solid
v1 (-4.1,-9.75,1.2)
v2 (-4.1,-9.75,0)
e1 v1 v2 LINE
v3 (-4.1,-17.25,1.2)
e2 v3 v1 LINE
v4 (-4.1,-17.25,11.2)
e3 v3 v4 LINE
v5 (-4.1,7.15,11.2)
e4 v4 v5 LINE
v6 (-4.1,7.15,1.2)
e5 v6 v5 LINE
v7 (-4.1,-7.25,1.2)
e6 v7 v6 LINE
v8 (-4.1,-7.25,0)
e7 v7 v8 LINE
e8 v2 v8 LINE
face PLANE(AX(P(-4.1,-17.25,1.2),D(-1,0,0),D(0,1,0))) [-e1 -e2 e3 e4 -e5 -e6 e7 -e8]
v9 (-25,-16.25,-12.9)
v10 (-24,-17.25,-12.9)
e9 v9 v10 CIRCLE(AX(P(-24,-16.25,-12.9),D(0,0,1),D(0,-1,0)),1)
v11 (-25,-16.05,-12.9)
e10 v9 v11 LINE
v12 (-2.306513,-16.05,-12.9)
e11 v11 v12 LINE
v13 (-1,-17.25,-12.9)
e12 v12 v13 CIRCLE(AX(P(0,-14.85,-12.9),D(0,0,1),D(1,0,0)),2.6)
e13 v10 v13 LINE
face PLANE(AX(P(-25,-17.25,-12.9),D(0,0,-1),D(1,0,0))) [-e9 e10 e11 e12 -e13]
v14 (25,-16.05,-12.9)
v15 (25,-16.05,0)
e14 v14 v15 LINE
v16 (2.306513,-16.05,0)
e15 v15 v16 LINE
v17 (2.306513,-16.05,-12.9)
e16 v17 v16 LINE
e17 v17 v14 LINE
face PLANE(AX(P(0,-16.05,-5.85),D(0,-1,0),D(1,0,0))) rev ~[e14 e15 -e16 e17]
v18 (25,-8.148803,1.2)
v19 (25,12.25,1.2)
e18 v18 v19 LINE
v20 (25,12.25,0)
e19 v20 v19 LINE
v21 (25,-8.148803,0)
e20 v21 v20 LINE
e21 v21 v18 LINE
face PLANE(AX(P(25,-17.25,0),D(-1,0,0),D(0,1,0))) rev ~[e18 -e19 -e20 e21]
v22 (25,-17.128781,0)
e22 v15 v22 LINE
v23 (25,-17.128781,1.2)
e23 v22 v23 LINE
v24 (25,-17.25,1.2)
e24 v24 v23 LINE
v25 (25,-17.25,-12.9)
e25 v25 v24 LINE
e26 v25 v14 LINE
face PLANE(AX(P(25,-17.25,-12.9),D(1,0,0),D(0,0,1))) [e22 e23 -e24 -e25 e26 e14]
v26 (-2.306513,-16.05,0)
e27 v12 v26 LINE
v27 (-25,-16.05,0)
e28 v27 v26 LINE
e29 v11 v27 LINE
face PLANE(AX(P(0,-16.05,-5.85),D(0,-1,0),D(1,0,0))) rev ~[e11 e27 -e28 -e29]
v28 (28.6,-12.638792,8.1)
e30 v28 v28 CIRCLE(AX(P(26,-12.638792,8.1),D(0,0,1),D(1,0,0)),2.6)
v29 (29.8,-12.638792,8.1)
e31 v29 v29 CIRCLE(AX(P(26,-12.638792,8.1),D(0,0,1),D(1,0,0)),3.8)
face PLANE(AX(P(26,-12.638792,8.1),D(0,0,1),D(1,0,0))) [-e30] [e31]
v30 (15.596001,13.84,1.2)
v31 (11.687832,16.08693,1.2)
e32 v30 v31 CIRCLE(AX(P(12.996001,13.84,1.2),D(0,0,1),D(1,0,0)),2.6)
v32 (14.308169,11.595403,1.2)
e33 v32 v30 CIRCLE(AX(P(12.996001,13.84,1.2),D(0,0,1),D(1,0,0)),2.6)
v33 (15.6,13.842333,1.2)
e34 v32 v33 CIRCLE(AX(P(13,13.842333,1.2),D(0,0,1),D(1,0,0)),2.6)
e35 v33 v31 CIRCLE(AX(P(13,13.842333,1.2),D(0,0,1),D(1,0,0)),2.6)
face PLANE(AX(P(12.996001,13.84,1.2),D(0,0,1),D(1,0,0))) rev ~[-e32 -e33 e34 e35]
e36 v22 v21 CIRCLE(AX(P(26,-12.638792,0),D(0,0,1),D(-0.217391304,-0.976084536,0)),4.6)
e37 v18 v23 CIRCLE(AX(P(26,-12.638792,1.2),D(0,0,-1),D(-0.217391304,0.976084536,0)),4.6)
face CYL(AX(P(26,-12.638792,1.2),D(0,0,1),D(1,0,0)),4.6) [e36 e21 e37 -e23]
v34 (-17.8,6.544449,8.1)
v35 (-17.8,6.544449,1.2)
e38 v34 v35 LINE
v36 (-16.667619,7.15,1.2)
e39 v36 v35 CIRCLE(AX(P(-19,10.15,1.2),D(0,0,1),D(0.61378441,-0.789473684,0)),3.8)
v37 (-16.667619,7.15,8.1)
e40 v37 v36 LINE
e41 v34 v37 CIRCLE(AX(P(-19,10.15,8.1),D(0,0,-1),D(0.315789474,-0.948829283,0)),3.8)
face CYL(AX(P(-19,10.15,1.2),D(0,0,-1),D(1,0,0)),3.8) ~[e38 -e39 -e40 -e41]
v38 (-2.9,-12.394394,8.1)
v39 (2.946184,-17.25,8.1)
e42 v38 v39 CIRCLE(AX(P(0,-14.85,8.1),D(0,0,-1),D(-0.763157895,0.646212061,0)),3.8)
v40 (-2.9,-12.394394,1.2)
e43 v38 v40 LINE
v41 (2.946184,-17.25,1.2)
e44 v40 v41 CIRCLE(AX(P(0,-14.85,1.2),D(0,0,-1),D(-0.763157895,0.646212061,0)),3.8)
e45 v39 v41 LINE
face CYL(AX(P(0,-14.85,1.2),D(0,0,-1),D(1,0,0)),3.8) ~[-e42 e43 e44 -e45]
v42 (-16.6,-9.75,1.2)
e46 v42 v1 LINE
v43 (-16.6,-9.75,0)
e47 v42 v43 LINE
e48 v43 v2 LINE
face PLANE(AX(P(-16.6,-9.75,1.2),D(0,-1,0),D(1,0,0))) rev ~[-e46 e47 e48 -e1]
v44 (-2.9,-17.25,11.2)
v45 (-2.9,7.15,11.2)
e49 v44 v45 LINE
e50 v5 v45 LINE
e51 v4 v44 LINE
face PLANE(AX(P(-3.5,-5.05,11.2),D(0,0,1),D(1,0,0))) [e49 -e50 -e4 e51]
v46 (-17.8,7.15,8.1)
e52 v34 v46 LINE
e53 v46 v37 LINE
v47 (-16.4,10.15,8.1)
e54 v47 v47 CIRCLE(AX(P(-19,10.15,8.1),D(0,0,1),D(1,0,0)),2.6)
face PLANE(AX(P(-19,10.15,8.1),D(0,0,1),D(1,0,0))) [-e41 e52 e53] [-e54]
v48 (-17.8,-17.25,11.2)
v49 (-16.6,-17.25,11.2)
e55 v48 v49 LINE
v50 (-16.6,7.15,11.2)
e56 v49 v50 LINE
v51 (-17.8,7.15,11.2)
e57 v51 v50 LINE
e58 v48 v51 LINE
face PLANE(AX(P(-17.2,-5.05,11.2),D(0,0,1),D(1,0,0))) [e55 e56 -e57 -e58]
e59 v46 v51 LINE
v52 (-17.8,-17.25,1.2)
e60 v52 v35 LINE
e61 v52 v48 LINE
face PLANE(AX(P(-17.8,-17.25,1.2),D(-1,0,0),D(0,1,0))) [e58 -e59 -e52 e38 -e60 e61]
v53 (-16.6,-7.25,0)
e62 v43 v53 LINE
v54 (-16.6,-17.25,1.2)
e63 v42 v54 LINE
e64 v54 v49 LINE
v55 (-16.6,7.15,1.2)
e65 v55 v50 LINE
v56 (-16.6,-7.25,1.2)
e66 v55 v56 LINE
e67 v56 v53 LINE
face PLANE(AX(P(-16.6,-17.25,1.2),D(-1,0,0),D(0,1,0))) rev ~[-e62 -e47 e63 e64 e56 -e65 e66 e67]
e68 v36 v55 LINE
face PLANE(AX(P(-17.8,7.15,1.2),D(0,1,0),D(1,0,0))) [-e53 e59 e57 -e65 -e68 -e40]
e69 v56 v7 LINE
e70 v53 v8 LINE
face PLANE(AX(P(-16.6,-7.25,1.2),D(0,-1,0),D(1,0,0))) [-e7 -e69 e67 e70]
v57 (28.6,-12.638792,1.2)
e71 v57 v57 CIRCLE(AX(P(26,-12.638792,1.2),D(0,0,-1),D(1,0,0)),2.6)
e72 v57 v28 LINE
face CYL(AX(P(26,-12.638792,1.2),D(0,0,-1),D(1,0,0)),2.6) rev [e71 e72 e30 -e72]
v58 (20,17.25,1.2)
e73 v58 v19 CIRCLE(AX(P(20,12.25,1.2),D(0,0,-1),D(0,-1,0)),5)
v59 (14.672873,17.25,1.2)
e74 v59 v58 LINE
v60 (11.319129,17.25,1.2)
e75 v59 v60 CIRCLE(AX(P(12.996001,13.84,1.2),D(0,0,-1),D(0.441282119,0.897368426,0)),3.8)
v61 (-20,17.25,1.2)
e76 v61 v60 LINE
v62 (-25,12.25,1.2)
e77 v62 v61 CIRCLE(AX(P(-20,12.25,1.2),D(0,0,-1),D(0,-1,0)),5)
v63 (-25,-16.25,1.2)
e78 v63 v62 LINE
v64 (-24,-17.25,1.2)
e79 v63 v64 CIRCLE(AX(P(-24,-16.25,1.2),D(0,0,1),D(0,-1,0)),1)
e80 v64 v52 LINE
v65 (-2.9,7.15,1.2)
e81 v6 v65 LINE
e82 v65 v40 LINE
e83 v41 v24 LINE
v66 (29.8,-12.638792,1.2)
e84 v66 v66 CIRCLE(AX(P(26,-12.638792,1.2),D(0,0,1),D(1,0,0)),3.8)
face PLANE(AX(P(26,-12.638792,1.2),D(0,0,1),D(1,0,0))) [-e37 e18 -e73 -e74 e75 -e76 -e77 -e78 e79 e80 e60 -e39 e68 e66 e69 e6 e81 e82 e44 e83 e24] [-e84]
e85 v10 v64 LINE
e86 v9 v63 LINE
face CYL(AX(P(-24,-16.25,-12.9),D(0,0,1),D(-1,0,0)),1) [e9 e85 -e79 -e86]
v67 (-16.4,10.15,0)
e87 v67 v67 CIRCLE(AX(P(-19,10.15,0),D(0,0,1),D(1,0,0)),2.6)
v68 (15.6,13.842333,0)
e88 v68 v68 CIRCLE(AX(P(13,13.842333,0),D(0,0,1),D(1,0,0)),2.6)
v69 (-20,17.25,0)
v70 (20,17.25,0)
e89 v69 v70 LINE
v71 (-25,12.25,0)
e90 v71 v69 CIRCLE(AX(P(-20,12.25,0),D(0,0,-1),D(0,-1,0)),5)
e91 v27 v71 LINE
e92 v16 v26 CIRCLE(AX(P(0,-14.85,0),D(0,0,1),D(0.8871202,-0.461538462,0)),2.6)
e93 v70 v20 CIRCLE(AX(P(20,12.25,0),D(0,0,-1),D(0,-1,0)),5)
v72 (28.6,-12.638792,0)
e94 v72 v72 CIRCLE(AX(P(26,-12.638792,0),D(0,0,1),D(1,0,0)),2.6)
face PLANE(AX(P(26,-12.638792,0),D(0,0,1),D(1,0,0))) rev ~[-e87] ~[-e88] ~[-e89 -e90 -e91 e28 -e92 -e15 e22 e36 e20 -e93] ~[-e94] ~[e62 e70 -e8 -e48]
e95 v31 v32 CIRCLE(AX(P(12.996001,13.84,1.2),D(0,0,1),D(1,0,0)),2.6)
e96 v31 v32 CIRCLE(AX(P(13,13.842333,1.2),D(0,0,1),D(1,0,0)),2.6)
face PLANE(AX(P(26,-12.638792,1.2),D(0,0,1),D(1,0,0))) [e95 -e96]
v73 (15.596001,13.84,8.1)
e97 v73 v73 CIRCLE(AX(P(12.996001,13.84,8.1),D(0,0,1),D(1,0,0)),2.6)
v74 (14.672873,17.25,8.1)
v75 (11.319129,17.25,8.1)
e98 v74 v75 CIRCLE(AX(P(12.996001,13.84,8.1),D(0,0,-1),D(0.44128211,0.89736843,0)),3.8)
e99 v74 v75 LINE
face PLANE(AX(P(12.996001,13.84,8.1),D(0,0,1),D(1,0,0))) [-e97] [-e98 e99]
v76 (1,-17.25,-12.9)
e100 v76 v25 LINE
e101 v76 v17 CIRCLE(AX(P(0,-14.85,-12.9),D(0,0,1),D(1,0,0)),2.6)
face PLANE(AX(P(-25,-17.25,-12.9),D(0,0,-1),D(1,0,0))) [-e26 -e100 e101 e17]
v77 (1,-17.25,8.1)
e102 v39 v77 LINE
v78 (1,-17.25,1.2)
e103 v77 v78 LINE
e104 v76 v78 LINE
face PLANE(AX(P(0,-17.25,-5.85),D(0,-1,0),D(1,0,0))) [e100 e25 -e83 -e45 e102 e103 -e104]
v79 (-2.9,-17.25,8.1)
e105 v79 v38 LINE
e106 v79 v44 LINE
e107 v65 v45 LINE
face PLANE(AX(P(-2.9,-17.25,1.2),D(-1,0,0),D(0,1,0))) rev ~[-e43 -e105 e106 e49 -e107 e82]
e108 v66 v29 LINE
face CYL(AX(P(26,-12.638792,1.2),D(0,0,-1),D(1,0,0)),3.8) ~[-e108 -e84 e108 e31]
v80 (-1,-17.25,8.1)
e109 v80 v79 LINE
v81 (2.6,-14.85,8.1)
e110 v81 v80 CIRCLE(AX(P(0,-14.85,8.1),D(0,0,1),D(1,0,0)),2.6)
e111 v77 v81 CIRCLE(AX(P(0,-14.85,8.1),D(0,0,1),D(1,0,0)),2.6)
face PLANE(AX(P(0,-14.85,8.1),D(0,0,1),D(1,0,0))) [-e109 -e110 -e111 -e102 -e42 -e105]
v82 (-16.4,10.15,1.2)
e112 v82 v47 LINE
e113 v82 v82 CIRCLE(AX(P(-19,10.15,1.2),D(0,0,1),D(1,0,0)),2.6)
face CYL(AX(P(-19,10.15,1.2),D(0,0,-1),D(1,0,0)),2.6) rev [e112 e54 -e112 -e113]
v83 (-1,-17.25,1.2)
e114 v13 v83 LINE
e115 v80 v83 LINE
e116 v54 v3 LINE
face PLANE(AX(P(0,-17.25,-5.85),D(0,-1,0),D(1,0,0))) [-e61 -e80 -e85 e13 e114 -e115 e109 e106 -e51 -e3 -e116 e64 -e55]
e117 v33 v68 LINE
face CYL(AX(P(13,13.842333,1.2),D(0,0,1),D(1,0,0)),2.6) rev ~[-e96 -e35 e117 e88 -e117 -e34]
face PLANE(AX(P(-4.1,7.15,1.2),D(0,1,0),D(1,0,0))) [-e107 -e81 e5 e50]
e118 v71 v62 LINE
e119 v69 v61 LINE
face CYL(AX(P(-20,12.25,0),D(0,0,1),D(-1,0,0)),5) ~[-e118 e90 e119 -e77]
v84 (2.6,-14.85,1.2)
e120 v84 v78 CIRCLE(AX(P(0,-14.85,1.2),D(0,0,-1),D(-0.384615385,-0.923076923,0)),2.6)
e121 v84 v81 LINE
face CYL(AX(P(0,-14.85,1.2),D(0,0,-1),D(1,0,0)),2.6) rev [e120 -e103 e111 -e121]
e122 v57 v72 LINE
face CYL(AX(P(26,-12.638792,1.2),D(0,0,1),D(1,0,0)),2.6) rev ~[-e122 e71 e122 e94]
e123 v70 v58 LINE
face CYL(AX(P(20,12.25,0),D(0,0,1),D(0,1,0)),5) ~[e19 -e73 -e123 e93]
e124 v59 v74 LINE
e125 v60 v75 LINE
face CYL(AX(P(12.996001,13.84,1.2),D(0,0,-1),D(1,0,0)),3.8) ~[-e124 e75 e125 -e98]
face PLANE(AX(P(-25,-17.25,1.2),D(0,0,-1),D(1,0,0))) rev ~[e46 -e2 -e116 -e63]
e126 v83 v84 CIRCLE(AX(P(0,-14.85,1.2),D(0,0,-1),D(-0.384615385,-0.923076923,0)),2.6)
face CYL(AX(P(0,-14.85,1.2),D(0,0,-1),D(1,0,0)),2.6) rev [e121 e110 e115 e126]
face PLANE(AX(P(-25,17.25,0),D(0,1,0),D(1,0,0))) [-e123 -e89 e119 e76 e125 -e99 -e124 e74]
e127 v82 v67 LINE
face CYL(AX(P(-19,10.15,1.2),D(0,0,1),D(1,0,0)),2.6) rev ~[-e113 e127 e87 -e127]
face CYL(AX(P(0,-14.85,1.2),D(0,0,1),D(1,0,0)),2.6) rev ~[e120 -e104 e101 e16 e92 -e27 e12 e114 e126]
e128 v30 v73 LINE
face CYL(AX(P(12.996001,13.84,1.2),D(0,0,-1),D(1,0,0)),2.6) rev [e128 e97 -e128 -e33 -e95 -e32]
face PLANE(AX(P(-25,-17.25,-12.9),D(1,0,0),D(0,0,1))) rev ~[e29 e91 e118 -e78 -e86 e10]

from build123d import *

# Parameters (mm, degrees)
SKETCH_W        = 50
SKETCH_H        = 34.5
PAD_DEPTH       = 1.2
SKETCH001_R     = 2.6
POCKET_DEPTH    = 1.201
SKETCH002_W     = 1.2
SKETCH002_H     = 24.4
PAD001_DEPTH    = 10
SKETCH003_W     = 50
SKETCH003_H     = 14.1
PAD002_DEPTH    = 1.2
SKETCH004_R     = 2.6
SKETCH004_W     = 12.5
SKETCH004_H     = 2.5
POCKET001_DEPTH = 14.101
SKETCH005_R     = 4.6
SKETCH005_R_2   = 2.6
PAD003_DEPTH    = 1.2
FILLET_R        = 1
FILLET001_R     = 5
SKETCH006_R     = 3.8
SKETCH006_R_2   = 2.6
PAD004_DEPTH    = 6.9
SKETCH007_W     = 9
SKETCH007_H     = 2
SKETCH007_W_2   = 3.353744
SKETCH007_H_2   = 0.7
POCKET002_DEPTH = 10


with BuildPart() as part:
    # Sketch → Pad (new body)
    with BuildSketch(Plane.XY):
        Rectangle(SKETCH_W, SKETCH_H)
    extrude(amount=PAD_DEPTH)

    # Sketch001 (on Face6 of Pad) → Pocket (cut, through all)
    with BuildSketch(Plane.XY.offset(1.2)):
        with Locations((0, -14.85)):
            Circle(SKETCH001_R)
        with Locations((-19, 10.15)):
            Circle(SKETCH001_R)
        with Locations((13, 13.842333)):
            Circle(SKETCH001_R)
        with Locations((26, -12.638792)):
            Circle(SKETCH001_R)
    extrude(amount=-POCKET_DEPTH, mode=Mode.SUBTRACT)

    # Sketch002 (on Face5 of Pocket) → Pad001 (join)
    with BuildSketch(Plane.XY.offset(1.2)):
        with Locations((-3.5, -5.05)):
            Rectangle(SKETCH002_W, SKETCH002_H)
        with Locations((-17.2, -5.05)):
            Rectangle(SKETCH002_W, SKETCH002_H)
    extrude(amount=PAD001_DEPTH)

    # Sketch003 (on Face6 of Pad001) → Pad002 (join)
    with BuildSketch(Plane.XZ.offset(17.25)):
        with Locations((0, -5.85)):
            Rectangle(SKETCH003_W, SKETCH003_H)
    extrude(amount=-PAD002_DEPTH)

    # Sketch004 (on Face5 of Pad002) → Pocket001 (cut, through all)
    with BuildSketch(Plane.XY.offset(1.2)):
        with Locations((0, -14.85)):
            Circle(SKETCH004_R)
        with Locations((-10.35, -8.5)):
            Rectangle(SKETCH004_W, SKETCH004_H)
    extrude(amount=-POCKET001_DEPTH, mode=Mode.SUBTRACT)

    # Sketch005 (on Face5 of Pocket001) → Pad003 (join)
    with BuildSketch(Plane.XY.offset(1.2)):
        with Locations((26, -12.638792)):
            Circle(SKETCH005_R)
        with Locations((26, -12.638792)):
            Circle(SKETCH005_R_2, mode=Mode.SUBTRACT)
    extrude(amount=-PAD003_DEPTH)

    # Fillet
    fillet_edges = [part.edges().sort_by_distance(p)[0] for p in [
        (-25, -17.25, -6.45),
        (-25, -17.25, 0.6),
    ]]
    fillet(fillet_edges, radius=FILLET_R)

    # Fillet001
    fillet001_edges = [part.edges().sort_by_distance(p)[0] for p in [
        (-25, 17.25, 0.6),
        (25, 17.25, 0.6),
    ]]
    fillet(fillet001_edges, radius=FILLET001_R)

    # Sketch006 (on Face5 of Fillet001) → Pad004 (join)
    with BuildSketch(Plane.XY.offset(1.2)):
        with Locations((-19, 10.15)):
            Circle(SKETCH006_R)
        with Locations((-19, 10.15)):
            Circle(SKETCH006_R_2, mode=Mode.SUBTRACT)
        with Locations((12.996001, 13.84)):
            Circle(SKETCH006_R)
        with Locations((12.996001, 13.84)):
            Circle(SKETCH006_R_2, mode=Mode.SUBTRACT)
        with Locations((26, -12.638792)):
            Circle(SKETCH006_R)
        with Locations((26, -12.638792)):
            Circle(SKETCH006_R_2, mode=Mode.SUBTRACT)
        with Locations((0, -14.85)):
            Circle(SKETCH006_R)
        with Locations((0, -14.85)):
            Circle(SKETCH006_R_2, mode=Mode.SUBTRACT)
    extrude(amount=PAD004_DEPTH)

    # Sketch007 (on Face5 of Pad004) → Pocket002 (cut)
    with BuildSketch(Plane.XY.offset(1.2)):
        with Locations((0.4, -18.25)):
            Rectangle(SKETCH007_W, SKETCH007_H)
        with Locations((12.996001, 17.6)):
            Rectangle(SKETCH007_W_2, SKETCH007_H_2)
    extrude(amount=POCKET002_DEPTH, mode=Mode.SUBTRACT)


solid = part.part
